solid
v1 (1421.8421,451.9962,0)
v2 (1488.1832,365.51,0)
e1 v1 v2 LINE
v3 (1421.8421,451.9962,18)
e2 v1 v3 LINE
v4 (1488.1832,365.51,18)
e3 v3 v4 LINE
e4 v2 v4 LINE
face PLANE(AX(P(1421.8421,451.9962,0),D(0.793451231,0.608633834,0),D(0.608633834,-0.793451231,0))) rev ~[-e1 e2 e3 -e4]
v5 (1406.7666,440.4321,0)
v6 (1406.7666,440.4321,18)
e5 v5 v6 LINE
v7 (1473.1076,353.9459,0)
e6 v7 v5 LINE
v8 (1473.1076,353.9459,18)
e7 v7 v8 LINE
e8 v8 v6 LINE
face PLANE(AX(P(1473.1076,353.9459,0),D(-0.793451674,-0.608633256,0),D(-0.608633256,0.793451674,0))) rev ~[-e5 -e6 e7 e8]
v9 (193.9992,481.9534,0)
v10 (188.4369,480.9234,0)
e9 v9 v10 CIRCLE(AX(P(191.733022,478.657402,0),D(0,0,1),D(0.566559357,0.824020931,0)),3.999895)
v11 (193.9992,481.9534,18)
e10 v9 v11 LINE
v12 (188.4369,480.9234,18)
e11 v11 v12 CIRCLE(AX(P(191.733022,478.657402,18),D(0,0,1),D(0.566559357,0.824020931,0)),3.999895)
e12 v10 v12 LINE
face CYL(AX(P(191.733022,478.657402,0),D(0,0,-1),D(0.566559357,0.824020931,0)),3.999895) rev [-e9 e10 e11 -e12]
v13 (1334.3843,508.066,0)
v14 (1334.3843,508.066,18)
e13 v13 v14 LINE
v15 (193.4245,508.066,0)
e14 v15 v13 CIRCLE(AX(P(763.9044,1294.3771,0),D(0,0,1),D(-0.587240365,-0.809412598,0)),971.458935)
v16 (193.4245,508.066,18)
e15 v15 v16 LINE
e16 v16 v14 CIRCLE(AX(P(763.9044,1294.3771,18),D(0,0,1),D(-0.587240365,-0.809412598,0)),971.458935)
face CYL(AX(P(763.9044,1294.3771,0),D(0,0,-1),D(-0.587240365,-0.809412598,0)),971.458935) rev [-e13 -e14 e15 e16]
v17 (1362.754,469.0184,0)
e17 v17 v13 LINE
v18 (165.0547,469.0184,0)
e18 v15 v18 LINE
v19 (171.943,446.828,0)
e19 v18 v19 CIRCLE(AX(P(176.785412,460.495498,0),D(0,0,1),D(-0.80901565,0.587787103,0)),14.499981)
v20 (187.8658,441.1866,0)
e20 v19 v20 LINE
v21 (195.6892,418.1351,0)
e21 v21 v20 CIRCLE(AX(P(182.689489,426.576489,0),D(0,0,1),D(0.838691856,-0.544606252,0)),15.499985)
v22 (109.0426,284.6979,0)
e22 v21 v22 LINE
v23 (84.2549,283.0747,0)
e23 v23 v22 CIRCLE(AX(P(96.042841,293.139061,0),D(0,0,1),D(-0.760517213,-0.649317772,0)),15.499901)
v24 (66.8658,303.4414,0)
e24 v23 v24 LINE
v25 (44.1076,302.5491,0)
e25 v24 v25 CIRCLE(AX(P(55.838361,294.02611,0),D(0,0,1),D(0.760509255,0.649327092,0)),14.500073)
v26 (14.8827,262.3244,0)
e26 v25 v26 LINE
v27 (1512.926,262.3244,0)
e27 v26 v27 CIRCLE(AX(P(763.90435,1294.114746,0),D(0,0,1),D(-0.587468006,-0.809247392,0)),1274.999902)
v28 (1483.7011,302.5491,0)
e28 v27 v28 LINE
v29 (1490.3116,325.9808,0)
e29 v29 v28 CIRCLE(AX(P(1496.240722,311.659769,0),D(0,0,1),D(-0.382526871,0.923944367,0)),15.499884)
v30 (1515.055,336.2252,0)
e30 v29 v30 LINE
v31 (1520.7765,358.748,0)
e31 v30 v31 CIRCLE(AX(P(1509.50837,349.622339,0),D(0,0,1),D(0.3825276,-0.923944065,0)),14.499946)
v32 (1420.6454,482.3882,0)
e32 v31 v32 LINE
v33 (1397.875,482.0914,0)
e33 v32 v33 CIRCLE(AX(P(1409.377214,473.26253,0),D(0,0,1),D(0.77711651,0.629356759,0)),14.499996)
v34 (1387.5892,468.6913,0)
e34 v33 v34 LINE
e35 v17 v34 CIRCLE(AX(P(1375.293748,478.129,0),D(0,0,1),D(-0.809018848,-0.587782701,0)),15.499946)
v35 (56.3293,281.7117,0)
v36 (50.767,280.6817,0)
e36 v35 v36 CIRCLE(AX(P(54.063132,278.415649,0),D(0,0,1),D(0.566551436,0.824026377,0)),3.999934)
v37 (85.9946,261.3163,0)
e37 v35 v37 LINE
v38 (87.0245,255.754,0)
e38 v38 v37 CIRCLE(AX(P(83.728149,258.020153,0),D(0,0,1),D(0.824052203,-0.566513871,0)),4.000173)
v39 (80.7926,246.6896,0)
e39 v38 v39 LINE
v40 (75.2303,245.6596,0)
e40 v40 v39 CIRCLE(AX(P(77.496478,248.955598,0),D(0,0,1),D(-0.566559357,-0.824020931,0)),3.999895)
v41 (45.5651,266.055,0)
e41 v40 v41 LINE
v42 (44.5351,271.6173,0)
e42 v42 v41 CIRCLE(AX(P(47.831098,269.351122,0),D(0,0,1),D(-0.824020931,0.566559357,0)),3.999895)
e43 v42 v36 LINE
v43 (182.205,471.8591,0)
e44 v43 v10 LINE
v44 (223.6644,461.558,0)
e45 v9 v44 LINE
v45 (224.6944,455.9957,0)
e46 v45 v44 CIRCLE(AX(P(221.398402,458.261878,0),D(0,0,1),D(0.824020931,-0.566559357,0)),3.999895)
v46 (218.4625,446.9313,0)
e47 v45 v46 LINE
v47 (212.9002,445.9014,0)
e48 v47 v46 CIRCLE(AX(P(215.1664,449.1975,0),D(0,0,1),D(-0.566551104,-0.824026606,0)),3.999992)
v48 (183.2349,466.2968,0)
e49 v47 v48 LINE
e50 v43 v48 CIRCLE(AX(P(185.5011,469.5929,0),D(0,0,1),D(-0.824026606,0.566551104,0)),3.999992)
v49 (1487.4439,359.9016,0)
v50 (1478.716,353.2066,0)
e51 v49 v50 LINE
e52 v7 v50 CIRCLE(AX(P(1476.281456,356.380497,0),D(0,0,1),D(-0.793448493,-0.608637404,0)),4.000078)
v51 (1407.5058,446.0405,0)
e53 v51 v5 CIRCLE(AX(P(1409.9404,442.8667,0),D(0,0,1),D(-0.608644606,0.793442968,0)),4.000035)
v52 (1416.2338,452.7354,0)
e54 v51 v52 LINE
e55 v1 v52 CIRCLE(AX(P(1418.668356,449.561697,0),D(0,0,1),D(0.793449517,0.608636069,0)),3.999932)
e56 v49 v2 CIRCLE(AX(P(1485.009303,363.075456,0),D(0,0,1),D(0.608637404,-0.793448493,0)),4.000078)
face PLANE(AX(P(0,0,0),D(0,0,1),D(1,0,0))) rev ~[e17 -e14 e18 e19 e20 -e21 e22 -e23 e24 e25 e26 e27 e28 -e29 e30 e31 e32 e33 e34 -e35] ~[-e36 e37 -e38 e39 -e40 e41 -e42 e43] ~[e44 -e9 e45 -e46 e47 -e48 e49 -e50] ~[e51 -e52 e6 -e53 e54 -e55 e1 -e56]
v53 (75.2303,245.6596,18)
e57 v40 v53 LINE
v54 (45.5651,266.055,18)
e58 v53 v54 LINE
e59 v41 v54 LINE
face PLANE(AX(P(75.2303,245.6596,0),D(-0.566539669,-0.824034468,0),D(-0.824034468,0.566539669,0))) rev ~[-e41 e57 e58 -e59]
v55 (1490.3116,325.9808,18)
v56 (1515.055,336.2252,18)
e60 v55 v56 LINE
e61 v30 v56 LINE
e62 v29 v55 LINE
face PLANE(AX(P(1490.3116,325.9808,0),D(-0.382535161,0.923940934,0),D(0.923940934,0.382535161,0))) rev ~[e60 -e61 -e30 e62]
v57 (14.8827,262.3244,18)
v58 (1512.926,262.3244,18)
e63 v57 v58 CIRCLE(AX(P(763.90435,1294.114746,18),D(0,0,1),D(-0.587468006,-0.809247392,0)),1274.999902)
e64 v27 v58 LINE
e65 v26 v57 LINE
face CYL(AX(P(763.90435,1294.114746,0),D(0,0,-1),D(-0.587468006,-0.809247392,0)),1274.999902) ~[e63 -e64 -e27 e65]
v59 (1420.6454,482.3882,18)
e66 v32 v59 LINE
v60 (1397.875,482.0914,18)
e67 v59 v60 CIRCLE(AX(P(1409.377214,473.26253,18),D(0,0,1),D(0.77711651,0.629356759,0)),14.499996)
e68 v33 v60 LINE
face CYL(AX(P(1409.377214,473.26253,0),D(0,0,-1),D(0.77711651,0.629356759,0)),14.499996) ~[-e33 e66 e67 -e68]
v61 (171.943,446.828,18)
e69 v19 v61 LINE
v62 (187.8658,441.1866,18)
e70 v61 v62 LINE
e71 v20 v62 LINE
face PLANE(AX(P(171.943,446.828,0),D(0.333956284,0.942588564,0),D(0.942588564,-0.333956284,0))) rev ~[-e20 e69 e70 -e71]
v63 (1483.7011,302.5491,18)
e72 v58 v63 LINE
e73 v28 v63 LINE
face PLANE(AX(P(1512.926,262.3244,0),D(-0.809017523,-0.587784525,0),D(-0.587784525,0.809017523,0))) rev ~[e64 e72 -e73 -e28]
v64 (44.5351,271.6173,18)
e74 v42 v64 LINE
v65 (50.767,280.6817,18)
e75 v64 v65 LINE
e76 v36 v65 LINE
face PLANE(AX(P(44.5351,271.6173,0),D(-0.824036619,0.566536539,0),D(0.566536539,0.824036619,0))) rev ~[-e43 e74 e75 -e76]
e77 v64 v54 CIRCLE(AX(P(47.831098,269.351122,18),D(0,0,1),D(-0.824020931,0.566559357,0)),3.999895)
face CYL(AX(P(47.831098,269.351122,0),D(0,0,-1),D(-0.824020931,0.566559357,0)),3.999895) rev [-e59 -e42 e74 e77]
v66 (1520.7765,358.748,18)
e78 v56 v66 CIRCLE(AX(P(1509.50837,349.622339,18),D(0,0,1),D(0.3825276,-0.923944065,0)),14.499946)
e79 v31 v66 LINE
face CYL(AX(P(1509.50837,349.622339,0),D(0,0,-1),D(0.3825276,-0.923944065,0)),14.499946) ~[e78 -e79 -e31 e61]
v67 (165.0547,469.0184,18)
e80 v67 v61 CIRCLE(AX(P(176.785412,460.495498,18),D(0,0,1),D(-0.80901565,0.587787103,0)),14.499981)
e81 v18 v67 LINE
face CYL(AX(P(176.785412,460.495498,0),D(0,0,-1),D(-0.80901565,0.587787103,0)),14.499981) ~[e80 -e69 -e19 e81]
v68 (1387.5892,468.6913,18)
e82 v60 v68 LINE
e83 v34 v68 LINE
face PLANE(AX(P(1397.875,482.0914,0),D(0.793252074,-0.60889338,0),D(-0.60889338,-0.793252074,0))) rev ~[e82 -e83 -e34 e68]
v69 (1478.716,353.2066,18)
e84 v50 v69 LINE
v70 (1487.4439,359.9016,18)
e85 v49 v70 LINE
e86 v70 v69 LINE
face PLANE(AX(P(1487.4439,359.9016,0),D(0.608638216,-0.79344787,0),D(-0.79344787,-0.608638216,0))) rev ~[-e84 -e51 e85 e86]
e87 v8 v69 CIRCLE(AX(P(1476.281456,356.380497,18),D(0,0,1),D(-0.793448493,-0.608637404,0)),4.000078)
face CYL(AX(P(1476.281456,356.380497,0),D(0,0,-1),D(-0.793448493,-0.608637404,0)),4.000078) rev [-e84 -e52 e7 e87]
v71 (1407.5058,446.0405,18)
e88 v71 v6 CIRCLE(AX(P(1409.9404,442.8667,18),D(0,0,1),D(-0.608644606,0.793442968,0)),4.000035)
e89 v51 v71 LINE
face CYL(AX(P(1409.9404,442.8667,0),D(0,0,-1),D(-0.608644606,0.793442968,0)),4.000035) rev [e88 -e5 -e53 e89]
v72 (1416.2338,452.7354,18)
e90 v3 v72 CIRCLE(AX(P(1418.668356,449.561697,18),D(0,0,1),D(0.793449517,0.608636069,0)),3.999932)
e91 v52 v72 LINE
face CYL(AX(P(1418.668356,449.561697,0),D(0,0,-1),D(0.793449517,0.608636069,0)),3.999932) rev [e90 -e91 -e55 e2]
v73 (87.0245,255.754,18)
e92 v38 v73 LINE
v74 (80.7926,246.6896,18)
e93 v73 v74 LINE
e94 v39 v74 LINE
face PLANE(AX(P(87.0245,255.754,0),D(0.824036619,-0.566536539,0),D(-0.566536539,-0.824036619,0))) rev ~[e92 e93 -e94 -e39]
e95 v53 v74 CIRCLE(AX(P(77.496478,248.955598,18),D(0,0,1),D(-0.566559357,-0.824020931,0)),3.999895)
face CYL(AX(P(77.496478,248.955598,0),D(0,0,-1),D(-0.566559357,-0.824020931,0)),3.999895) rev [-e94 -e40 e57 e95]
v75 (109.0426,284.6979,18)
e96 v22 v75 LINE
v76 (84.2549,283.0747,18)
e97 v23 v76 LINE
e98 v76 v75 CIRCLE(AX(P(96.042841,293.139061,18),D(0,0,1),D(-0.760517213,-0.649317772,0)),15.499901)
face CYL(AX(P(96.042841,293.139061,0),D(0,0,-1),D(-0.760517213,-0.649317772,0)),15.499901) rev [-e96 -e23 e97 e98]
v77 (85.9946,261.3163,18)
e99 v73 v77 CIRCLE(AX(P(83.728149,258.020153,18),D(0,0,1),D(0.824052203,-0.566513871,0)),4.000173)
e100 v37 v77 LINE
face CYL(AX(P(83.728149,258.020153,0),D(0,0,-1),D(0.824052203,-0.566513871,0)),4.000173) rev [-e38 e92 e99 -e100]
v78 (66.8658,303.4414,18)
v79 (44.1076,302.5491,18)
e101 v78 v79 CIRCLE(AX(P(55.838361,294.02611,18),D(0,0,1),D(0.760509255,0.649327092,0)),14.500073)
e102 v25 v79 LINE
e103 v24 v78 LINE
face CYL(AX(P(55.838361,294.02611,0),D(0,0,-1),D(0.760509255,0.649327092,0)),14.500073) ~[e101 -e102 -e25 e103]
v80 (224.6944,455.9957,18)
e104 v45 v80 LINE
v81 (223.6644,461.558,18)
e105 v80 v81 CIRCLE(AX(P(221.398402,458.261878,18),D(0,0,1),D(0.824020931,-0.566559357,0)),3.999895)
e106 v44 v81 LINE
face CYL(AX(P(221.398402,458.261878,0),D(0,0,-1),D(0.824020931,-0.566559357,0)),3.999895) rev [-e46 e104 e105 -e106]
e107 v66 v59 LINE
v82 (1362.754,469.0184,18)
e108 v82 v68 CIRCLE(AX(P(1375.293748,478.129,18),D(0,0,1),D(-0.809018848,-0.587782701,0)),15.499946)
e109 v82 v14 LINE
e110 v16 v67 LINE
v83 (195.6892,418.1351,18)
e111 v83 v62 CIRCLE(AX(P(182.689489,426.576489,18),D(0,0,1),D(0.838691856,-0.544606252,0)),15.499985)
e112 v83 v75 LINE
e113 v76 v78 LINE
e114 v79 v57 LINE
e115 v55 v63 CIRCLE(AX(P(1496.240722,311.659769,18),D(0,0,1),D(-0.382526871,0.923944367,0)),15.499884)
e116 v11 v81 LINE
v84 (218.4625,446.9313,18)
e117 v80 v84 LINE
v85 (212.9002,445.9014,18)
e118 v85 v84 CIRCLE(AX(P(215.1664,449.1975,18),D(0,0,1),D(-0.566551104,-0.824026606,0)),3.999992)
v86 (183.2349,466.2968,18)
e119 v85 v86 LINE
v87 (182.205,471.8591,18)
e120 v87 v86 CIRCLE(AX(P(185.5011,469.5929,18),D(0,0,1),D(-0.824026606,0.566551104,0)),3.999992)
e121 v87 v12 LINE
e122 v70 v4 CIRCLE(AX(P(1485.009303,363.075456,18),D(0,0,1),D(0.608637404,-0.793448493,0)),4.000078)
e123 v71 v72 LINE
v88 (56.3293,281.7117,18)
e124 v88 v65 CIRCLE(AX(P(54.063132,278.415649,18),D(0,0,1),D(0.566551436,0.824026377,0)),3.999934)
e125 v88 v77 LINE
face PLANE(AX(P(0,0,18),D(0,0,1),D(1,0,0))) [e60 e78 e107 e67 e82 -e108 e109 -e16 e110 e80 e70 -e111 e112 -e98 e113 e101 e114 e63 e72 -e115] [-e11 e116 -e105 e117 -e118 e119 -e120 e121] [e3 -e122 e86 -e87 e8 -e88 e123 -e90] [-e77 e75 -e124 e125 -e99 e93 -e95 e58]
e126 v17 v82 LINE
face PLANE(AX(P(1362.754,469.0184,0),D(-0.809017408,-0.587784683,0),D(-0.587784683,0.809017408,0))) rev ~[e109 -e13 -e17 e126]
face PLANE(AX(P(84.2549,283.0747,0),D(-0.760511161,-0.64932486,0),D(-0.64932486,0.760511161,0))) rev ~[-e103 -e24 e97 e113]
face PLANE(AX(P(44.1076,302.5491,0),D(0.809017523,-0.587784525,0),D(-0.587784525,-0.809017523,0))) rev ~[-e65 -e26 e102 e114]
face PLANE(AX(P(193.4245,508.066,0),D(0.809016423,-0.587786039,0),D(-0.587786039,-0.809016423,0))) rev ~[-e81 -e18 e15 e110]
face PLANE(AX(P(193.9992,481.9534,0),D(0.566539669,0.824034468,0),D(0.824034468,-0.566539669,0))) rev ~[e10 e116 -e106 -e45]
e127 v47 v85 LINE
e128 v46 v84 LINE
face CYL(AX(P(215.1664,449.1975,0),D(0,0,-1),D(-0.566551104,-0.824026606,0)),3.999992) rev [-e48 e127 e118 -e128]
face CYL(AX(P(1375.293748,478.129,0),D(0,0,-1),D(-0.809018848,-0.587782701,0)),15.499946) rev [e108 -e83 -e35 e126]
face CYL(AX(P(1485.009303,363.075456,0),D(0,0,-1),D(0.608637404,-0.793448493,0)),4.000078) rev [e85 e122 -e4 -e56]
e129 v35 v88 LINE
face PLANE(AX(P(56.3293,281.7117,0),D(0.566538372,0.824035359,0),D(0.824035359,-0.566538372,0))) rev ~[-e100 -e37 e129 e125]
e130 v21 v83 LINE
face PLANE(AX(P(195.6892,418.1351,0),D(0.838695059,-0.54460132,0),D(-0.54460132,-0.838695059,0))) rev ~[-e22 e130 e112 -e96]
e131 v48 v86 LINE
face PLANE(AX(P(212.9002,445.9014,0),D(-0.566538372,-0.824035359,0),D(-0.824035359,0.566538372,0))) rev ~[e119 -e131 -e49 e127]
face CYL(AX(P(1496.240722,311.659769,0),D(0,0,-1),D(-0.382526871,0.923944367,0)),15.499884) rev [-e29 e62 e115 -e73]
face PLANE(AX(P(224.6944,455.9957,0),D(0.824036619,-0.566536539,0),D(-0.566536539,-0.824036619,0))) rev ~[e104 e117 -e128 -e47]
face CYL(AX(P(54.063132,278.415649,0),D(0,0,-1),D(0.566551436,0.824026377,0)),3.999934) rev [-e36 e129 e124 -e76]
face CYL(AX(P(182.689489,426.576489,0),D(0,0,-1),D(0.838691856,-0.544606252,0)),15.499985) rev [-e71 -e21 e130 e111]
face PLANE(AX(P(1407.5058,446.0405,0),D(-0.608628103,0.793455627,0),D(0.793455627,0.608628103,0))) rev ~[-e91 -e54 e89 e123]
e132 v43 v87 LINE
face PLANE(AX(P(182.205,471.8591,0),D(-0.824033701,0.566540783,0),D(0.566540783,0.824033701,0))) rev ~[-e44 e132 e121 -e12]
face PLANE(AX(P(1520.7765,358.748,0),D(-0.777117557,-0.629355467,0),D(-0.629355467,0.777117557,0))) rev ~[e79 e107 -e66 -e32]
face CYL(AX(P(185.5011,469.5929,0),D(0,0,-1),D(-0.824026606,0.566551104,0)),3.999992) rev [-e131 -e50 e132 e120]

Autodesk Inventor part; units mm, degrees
ref_plane "YZ Plane" through (0, 0, 0) normal (1, 0, 0) x (0, 1, 0)
ref_plane "XZ Plane" through (0, 0, 0) normal (0, 1, 0) x (-1, 0, 0)
ref_plane "XY Plane" through (0, 0, 0) normal (0, 0, 1) x (1, 0, 0)
sketch "CONTOURS" plane through (0, 0, 0) normal (0, 0, 1) x (1, 0, 0)
  line L0 (1512.926, 262.3244) -> (1483.7011, 302.5491)
  arc A0 (1490.3116, 325.9808) -> (1483.7011, 302.5491) centre (1496.2408, 311.6597) ccw
  line L1 (1490.3116, 325.9808) -> (1515.055, 336.2252)
  arc A1 (1515.055, 336.2252) -> (1520.7765, 358.748) centre (1509.5083, 349.6224) ccw
  line L2 (1520.7765, 358.748) -> (1420.6454, 482.3882)
  arc A2 (1420.6454, 482.3882) -> (1397.875, 482.0914) centre (1409.3772, 473.2625) ccw
  line L3 (1397.875, 482.0914) -> (1387.5892, 468.6913)
  arc A3 (1362.754, 469.0184) -> (1387.5892, 468.6913) centre (1375.2938, 478.1291) ccw
  line L4 (1362.754, 469.0184) -> (1334.3843, 508.066)
  arc A4 (193.4245, 508.066) -> (1334.3843, 508.066) centre (763.9044, 1294.3771) ccw
  line L5 (193.4245, 508.066) -> (165.0547, 469.0184)
  arc A5 (165.0547, 469.0184) -> (171.943, 446.828) centre (176.7854, 460.4955) ccw
  line L6 (171.943, 446.828) -> (187.8658, 441.1866)
  arc A6 (195.6892, 418.1351) -> (187.8658, 441.1866) centre (182.6894, 426.5765) ccw
  line L7 (195.6892, 418.1351) -> (109.0426, 284.6979)
  arc A7 (84.2549, 283.0747) -> (109.0426, 284.6979) centre (96.0429, 293.1392) ccw
  line L8 (84.2549, 283.0747) -> (66.8658, 303.4414)
  arc A8 (66.8658, 303.4414) -> (44.1076, 302.5491) centre (55.8384, 294.0262) ccw
  line L9 (44.1076, 302.5491) -> (14.8827, 262.3244)
  arc A9 (14.8827, 262.3244) -> (1512.926, 262.3244) centre (763.9044, 1294.1149) ccw
sketch "HOLES" plane through (0, 0, 0) normal (0, 0, 1) x (1, 0, 0)
  line L0 (224.6944, 455.9957) -> (218.4625, 446.9313)
  arc A0 (212.9002, 445.9014) -> (218.4625, 446.9313) centre (215.1664, 449.1975) ccw
  line L1 (212.9002, 445.9014) -> (183.2349, 466.2968)
  arc A1 (182.205, 471.8591) -> (183.2349, 466.2968) centre (185.5011, 469.5929) ccw
  line L2 (182.205, 471.8591) -> (188.4369, 480.9234)
  arc A2 (193.9992, 481.9534) -> (188.4369, 480.9234) centre (191.733, 478.6573) ccw
  line L3 (193.9992, 481.9534) -> (223.6644, 461.558)
  arc A3 (224.6944, 455.9957) -> (223.6644, 461.558) centre (221.3983, 458.2619) ccw
  line L4 (87.0245, 255.754) -> (80.7926, 246.6896)
  arc A4 (75.2303, 245.6596) -> (80.7926, 246.6896) centre (77.4965, 248.9557) ccw
  line L5 (75.2303, 245.6596) -> (45.5651, 266.055)
  arc A5 (44.5351, 271.6173) -> (45.5651, 266.055) centre (47.8312, 269.3511) ccw
  line L6 (44.5351, 271.6173) -> (50.767, 280.6817)
  arc A6 (56.3293, 281.7117) -> (50.767, 280.6817) centre (54.0631, 278.4155) ccw
  line L7 (56.3293, 281.7117) -> (85.9946, 261.3163)
  arc A7 (87.0245, 255.754) -> (85.9946, 261.3163) centre (83.7284, 258.0201) ccw
  line L8 (1487.4439, 359.9016) -> (1478.716, 353.2066)
  arc A8 (1473.1076, 353.9459) -> (1478.716, 353.2066) centre (1476.2814, 356.3804) ccw
  line L9 (1473.1076, 353.9459) -> (1406.7666, 440.4321)
  arc A9 (1407.5058, 446.0405) -> (1406.7666, 440.4321) centre (1409.9404, 442.8667) ccw
  line L10 (1407.5058, 446.0405) -> (1416.2338, 452.7354)
  arc A10 (1421.8421, 451.9962) -> (1416.2338, 452.7354) centre (1418.6683, 449.5616) ccw
  line L11 (1421.8421, 451.9962) -> (1488.1832, 365.51)
  arc A11 (1487.4439, 359.9016) -> (1488.1832, 365.51) centre (1485.0094, 363.0754) ccw
sketch "LETTERS" plane through (0, 0, 0) normal (0, 0, 1) x (1, 0, 0)
  line L0 (221.0345, 299.5651) -> (214.0787, 303.3807)
  line L1 (214.0787, 303.3807) -> (223.8436, 320.6336)
  line L2 (223.8436, 320.6336) -> (229.7881, 317.2691)
  line L3 (232.463, 314.1509) -> (232.5322, 313.9591)
  line L4 (232.5322, 313.9591) -> (232.5968, 313.7631)
  line L5 (232.5968, 313.7631) -> (232.6568, 313.5633)
  line L6 (232.6568, 313.5633) -> (232.7121, 313.3597)
  line L7 (232.7121, 313.3597) -> (232.7625, 313.1525)
  line L8 (232.7625, 313.1525) -> (232.8082, 312.942)
  line L9 (232.8082, 312.942) -> (232.8489, 312.7282)
  line L10 (232.8489, 312.7282) -> (232.8846, 312.5116)
  line L11 (232.8846, 312.5116) -> (232.9153, 312.2921)
  line L12 (232.9153, 312.2921) -> (232.941, 312.0702)
  line L13 (232.941, 312.0702) -> (232.9616, 311.8459)
  line L14 (232.9616, 311.8459) -> (232.9772, 311.6196)
  line L15 (232.9772, 311.6196) -> (232.9877, 311.3915)
  line L16 (232.9877, 311.3915) -> (232.9931, 311.1618)
  line L17 (232.9931, 311.1618) -> (232.9936, 310.9307)
  line L18 (232.9936, 310.9307) -> (232.989, 310.6985)
  line L19 (232.989, 310.6985) -> (232.9795, 310.4654)
  line L20 (232.9795, 310.4654) -> (232.9651, 310.2317)
  line L21 (232.9651, 310.2317) -> (232.9458, 309.9975)
  line L22 (232.9458, 309.9975) -> (232.9218, 309.7632)
  line L23 (232.9218, 309.7632) -> (232.8931, 309.529)
  line L24 (232.8931, 309.529) -> (232.8598, 309.295)
  line L25 (232.8598, 309.295) -> (232.8219, 309.0616)
  line L26 (232.8219, 309.0616) -> (232.7797, 308.8289)
  line L27 (232.7797, 308.8289) -> (232.7331, 308.5971)
  line L28 (232.7331, 308.5971) -> (232.6823, 308.3664)
  line L29 (232.6823, 308.3664) -> (232.6274, 308.1371)
  line L30 (232.6274, 308.1371) -> (232.5686, 307.9094)
  line L31 (232.5686, 307.9094) -> (232.4396, 307.4592)
  line L32 (232.4396, 307.4592) -> (232.2964, 307.0174)
  line L33 (232.2964, 307.0174) -> (232.14, 306.585)
  line L34 (232.14, 306.585) -> (231.9716, 306.1633)
  line L35 (231.9716, 306.1633) -> (231.7923, 305.7532)
  line L36 (231.6033, 305.3555) -> (231.402, 304.9639)
  line L37 (231.402, 304.9639) -> (231.185, 304.5725)
  line L38 (231.185, 304.5725) -> (230.9521, 304.1826)
  line L39 (230.9521, 304.1826) -> (230.7035, 303.7959)
  line L40 (230.7035, 303.7959) -> (230.4394, 303.4138)
  line L41 (230.4394, 303.4138) -> (230.16, 303.038)
  line L42 (230.16, 303.038) -> (230.0147, 302.853)
  line L43 (230.0147, 302.853) -> (229.8658, 302.6702)
  line L44 (229.8658, 302.6702) -> (229.7134, 302.4898)
  line L45 (229.7134, 302.4898) -> (229.5575, 302.3121)
  line L46 (229.5575, 302.3121) -> (229.3982, 302.1372)
  line L47 (229.3982, 302.1372) -> (229.2357, 301.9654)
  line L48 (229.2357, 301.9654) -> (229.07, 301.7969)
  line L49 (229.07, 301.7969) -> (228.9013, 301.6319)
  line L50 (228.9013, 301.6319) -> (228.7297, 301.4705)
  line L51 (228.7297, 301.4705) -> (228.5554, 301.3131)
  line L52 (228.5554, 301.3131) -> (228.3784, 301.1597)
  line L53 (228.3784, 301.1597) -> (228.1989, 301.0107)
  line L54 (228.1989, 301.0107) -> (228.0172, 300.8661)
  line L55 (228.0172, 300.8661) -> (227.8333, 300.7261)
  line L56 (227.8333, 300.7261) -> (227.6474, 300.591)
  line L57 (227.6474, 300.591) -> (227.4598, 300.4608)
  line L58 (227.4598, 300.4608) -> (227.2705, 300.3358)
  line L59 (227.2705, 300.3358) -> (227.0798, 300.2161)
  line L60 (227.0798, 300.2161) -> (226.8878, 300.1017)
  line L61 (226.8878, 300.1017) -> (226.6948, 299.9929)
  line L62 (229.9244, 317.199) -> (230.0598, 317.1238)
  line L63 (230.0598, 317.1238) -> (230.1939, 317.0436)
  line L64 (230.1939, 317.0436) -> (230.3268, 316.9582)
  line L65 (230.3268, 316.9582) -> (230.4581, 316.8676)
  line L66 (230.4581, 316.8676) -> (230.5878, 316.7718)
  line L67 (230.5878, 316.7718) -> (230.7158, 316.6707)
  line L68 (231.7923, 305.7532) -> (231.6033, 305.3555)
  line L69 (230.7158, 316.6707) -> (230.8417, 316.5642)
  line L70 (230.8417, 316.5642) -> (230.9656, 316.4525)
  line L71 (230.9656, 316.4525) -> (231.0872, 316.3353)
  line L72 (231.0872, 316.3353) -> (231.2064, 316.2128)
  line L73 (231.2064, 316.2128) -> (231.3229, 316.085)
  line L74 (221.173, 299.4993) -> (221.0345, 299.5651)
  line L75 (231.3229, 316.085) -> (231.4367, 315.9518)
  line L76 (231.4367, 315.9518) -> (231.5476, 315.8134)
  line L77 (231.5476, 315.8134) -> (231.6554, 315.6696)
  line L78 (231.6554, 315.6696) -> (231.76, 315.5207)
  line L79 (229.7881, 317.2691) -> (229.9244, 317.199)
  line L80 (231.76, 315.5207) -> (231.8612, 315.3665)
  line L81 (231.8612, 315.3665) -> (231.9589, 315.2073)
  line L82 (231.9589, 315.2073) -> (232.0529, 315.0431)
  line L83 (232.0529, 315.0431) -> (232.1431, 314.874)
  line L84 (232.1431, 314.874) -> (232.2293, 314.7001)
  line L85 (232.2293, 314.7001) -> (232.3115, 314.5216)
  line L86 (232.3115, 314.5216) -> (232.3894, 314.3384)
  line L87 (232.3894, 314.3384) -> (232.463, 314.1509)
  line L88 (221.3149, 299.4374) -> (221.173, 299.4993)
  line L89 (221.4601, 299.3795) -> (221.3149, 299.4374)
  line L90 (221.6085, 299.3258) -> (221.4601, 299.3795)
  line L91 (221.7603, 299.2764) -> (221.6085, 299.3258)
  line L92 (221.9152, 299.2315) -> (221.7603, 299.2764)
  line L93 (222.0732, 299.1913) -> (221.9152, 299.2315)
  line L94 (222.2342, 299.1558) -> (222.0732, 299.1913)
  line L95 (222.3983, 299.1252) -> (222.2342, 299.1558)
  line L96 (222.5652, 299.0997) -> (222.3983, 299.1252)
  line L97 (222.7348, 299.0794) -> (222.5652, 299.0997)
  line L98 (222.9072, 299.0644) -> (222.7348, 299.0794)
  line L99 (223.0821, 299.0548) -> (222.9072, 299.0644)
  line L100 (223.2595, 299.0507) -> (223.0821, 299.0548)
  line L101 (223.4391, 299.0523) -> (223.2595, 299.0507)
  line L102 (223.621, 299.0597) -> (223.4391, 299.0523)
  line L103 (223.8049, 299.0728) -> (223.621, 299.0597)
  line L104 (223.9907, 299.0918) -> (223.8049, 299.0728)
  line L105 (224.1783, 299.1168) -> (223.9907, 299.0918)
  line L106 (224.3674, 299.1478) -> (224.1783, 299.1168)
  line L107 (224.5579, 299.1849) -> (224.3674, 299.1478)
  line L108 (224.7497, 299.228) -> (224.5579, 299.1849)
  line L109 (224.9425, 299.2773) -> (224.7497, 299.228)
  line L110 (225.1362, 299.3327) -> (224.9425, 299.2773)
  line L111 (225.3306, 299.3942) -> (225.1362, 299.3327)
  line L112 (225.5256, 299.4618) -> (225.3306, 299.3942)
  line L113 (225.7208, 299.5354) -> (225.5256, 299.4618)
  line L114 (225.9161, 299.6151) -> (225.7208, 299.5354)
  line L115 (226.1114, 299.7008) -> (225.9161, 299.6151)
  line L116 (226.3064, 299.7923) -> (226.1114, 299.7008)
  line L117 (226.5009, 299.8898) -> (226.3064, 299.7923)
  line L118 (226.6948, 299.9929) -> (226.5009, 299.8898)
extrude "Extrusion1" add sketch "CONTOURS" along normal blind 18
extrude "Extrusion2" cut sketch "HOLES" along normal blind 18
properties part number "Platform D2" material "Wood (Birch)"
